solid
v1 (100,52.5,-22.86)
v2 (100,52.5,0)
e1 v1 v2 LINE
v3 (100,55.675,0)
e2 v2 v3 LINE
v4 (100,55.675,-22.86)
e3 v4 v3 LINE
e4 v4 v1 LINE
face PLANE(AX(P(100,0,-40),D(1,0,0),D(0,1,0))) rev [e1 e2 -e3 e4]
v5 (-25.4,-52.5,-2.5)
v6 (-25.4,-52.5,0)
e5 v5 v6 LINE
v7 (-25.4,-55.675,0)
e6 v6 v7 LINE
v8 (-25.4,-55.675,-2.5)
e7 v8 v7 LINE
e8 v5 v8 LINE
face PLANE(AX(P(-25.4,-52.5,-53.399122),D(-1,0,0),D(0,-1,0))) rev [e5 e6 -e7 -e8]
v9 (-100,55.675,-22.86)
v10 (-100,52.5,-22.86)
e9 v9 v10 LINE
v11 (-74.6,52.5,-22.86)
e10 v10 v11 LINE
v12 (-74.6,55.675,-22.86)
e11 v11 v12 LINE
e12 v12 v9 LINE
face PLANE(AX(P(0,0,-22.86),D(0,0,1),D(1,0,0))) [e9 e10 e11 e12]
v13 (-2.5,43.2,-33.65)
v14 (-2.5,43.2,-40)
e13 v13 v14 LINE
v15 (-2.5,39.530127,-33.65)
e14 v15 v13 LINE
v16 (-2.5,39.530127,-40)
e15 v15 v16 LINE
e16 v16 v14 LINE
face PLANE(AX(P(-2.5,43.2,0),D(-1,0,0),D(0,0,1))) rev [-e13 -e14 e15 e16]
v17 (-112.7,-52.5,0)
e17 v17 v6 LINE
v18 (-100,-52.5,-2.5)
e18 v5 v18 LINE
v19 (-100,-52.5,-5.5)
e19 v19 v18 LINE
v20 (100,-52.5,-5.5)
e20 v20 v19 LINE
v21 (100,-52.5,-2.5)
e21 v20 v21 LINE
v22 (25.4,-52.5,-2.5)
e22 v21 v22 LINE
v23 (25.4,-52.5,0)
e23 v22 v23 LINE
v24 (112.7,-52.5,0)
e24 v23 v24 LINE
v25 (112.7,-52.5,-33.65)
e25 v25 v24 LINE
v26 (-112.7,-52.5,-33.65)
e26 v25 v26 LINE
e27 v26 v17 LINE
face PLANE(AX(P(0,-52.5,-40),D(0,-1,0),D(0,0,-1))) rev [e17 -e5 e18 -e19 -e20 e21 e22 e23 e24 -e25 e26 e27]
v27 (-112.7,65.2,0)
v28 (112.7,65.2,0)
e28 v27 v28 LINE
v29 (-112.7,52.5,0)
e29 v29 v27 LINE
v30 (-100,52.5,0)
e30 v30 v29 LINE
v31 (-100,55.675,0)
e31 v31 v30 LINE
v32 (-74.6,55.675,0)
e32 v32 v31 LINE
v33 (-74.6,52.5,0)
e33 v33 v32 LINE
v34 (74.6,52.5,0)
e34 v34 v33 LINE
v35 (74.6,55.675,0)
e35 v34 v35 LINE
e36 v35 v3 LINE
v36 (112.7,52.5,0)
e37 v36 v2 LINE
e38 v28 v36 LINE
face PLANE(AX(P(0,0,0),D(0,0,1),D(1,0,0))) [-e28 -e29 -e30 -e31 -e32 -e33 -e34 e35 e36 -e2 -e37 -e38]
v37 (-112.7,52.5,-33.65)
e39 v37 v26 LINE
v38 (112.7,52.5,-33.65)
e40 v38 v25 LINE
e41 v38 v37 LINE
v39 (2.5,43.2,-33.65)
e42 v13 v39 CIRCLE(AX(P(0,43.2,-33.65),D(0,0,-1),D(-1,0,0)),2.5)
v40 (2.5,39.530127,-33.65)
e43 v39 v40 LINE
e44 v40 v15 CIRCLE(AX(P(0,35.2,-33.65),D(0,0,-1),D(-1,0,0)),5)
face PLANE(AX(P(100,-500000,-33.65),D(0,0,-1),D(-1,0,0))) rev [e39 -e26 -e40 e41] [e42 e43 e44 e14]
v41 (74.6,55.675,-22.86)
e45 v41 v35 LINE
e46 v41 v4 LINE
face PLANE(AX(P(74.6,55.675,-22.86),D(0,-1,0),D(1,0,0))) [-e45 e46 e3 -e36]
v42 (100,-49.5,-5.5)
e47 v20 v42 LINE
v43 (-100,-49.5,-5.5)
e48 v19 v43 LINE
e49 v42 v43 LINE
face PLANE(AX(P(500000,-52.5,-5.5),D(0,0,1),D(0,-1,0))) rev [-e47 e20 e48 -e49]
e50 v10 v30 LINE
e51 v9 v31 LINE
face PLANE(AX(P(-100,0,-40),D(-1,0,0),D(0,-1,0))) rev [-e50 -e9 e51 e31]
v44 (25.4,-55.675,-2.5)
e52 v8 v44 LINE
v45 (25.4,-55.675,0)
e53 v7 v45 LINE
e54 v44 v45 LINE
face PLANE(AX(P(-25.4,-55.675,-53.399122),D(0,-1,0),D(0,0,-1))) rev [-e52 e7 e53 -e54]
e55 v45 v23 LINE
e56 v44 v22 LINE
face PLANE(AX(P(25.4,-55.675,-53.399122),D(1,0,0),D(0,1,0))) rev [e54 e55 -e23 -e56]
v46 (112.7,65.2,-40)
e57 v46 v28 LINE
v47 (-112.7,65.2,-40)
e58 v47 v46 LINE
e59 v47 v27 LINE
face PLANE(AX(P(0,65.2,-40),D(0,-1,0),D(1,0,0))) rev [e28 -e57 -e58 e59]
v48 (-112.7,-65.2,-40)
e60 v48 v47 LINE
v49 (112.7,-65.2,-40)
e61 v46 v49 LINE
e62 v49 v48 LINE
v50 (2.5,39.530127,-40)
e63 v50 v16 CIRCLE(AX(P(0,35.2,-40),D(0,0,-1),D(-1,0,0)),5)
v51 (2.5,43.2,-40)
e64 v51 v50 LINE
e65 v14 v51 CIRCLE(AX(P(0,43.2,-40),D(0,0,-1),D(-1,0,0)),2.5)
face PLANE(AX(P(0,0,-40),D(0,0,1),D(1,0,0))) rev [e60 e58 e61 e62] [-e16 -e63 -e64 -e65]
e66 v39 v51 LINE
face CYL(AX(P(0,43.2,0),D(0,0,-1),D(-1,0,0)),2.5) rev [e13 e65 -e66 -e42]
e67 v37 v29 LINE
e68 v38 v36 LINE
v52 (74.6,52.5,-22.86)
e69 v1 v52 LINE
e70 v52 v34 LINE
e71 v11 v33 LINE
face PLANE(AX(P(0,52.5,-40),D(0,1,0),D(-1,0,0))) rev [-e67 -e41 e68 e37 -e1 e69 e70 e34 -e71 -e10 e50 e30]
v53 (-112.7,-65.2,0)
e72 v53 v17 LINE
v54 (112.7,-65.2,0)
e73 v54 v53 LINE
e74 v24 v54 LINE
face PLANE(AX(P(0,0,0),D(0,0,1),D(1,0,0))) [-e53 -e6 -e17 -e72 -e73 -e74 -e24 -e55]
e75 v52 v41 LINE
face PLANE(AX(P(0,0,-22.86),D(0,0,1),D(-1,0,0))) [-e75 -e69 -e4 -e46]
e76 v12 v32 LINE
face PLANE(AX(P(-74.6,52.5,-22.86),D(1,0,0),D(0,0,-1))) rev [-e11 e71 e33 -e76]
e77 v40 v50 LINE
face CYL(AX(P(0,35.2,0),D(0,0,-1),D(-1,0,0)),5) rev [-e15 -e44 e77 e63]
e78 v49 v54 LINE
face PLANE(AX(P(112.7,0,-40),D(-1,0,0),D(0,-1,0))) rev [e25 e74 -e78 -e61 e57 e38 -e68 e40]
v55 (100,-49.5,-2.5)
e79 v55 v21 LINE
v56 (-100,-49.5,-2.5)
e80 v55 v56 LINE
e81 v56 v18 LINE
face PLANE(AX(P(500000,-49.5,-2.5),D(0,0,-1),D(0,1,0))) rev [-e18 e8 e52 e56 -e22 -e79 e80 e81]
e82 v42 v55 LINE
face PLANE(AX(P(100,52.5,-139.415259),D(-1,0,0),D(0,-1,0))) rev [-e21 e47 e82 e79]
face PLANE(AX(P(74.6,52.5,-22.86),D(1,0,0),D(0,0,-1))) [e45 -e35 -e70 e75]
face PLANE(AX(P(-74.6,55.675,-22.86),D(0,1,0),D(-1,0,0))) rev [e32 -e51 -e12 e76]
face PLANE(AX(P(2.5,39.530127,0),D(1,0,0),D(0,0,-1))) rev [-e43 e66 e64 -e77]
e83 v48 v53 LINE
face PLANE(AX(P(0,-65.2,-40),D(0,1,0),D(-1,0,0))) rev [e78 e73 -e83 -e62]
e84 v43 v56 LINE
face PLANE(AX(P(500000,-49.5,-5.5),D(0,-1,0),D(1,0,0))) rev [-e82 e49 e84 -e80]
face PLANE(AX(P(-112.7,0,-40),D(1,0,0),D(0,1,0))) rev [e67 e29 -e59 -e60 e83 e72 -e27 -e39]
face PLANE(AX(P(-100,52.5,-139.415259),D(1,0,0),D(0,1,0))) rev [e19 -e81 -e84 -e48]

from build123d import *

# Parameters (mm, degrees)
SKETCH1_W            = 225.4
SKETCH1_H            = 130.4
SKETCH1_W_2          = 200
SKETCH1_H_2          = 105
EXTRUSION1_DEPTH     = 40
EXTRUSION2_REACH     = 169.793
SKETCH2_W            = 200
SKETCH2_H            = 6.35
EXTRUSION4_DEPTH     = 137.206938149
SKETCH4_W            = 7.5
SKETCH4_H            = 5
EXTRUSION5_DEPTH     = 227.036125431
EXTRUSION6_REACH     = 228.036
SKETCH5_W            = 3
SKETCH5_H            = 3
SKETCH6_W            = 50.8
SKETCH6_H            = 3.175
EXTRUSION7_DEPTH     = 2.5
SKETCH7_W            = 25.4
SKETCH7_H            = 3.175
EXTRUSION8_DEPTH     = 22.86
EXTRUSION9_DEPTH     = 168.793265657
SKETCH20_W           = 12.7
SKETCH20_H           = 105
CUT_EXTRUDE425_DEPTH = 33.65
BOSS_EXTRUDE4_REACH  = 141.323
SKETCH21_W           = 5.0038
SKETCH21_H           = 12.7


with BuildPart() as part:
    # Sketch1 → Extrusion1 (new body)
    with BuildSketch(Plane.XY):
        Rectangle(SKETCH1_W, SKETCH1_H)
        Rectangle(SKETCH1_W_2, SKETCH1_H_2, mode=Mode.SUBTRACT)
    extrude(amount=-EXTRUSION1_DEPTH)

    # Sketch2 → Extrusion2 (add, up to next)
    with BuildSketch(Plane.XZ.offset(-52.5), mode=Mode.PRIVATE) as extrusion2_sk1:
        with Locations((0, -36.825)):
            Rectangle(SKETCH2_W, SKETCH2_H)
    extrusion2_tool1 = extrude(extrusion2_sk1.sketch, amount=EXTRUSION2_REACH, mode=Mode.PRIVATE) - part.part
    add(extrusion2_tool1.solids().sort_by_distance((0, 52.5, -36.825))[0])

    # Sketch3 → Extrusion4 (cut, through all)
    with BuildSketch(Plane(origin=(0, 0, -40), x_dir=(-1, 0, 0), z_dir=(0, 0, -1))):
        with BuildLine():
            Line((2.5, 43.2), (2.5, 39.530127019))
            ThreePointArc((2.5, 39.530127019), (0, 30.2), (-2.5, 39.530127019))
            Line((-2.5, 39.530127019), (-2.5, 43.2))
            ThreePointArc((-2.5, 43.2), (0, 45.7), (2.5, 43.2))
        make_face()
    extrude(amount=-EXTRUSION4_DEPTH, mode=Mode.SUBTRACT)

    # Sketch4 → Extrusion5 (cut, through all)
    with BuildSketch(Plane.ZY.offset(-100)):
        with Locations((-29.9, -50)):
            Rectangle(SKETCH4_W, SKETCH4_H)
    extrude(amount=-EXTRUSION5_DEPTH, mode=Mode.SUBTRACT)

    # Sketch5 → Extrusion6 (add, up to next)
    with BuildSketch(Plane(origin=(-100, 0, 0), x_dir=(0, 0, -1), z_dir=(1, 0, 0)), mode=Mode.PRIVATE) as extrusion6_sk1:
        with Locations((4, -51)):
            Rectangle(SKETCH5_W, SKETCH5_H)
    extrusion6_tool1 = extrude(extrusion6_sk1.sketch, amount=EXTRUSION6_REACH, mode=Mode.PRIVATE) - part.part
    add(extrusion6_tool1.solids().sort_by_distance((-100, -51, -4))[0])

    # Sketch6 → Extrusion7 (cut)
    with BuildSketch(Plane.XY):
        with Locations((0, -54.0875)):
            Rectangle(SKETCH6_W, SKETCH6_H)
    extrude(amount=-EXTRUSION7_DEPTH, mode=Mode.SUBTRACT)

    # Sketch7 → Extrusion8 (cut)
    with BuildSketch(Plane.XY):
        with Locations((-87.3, 54.0875)):
            Rectangle(SKETCH7_W, SKETCH7_H)
    extrusion8 = extrude(amount=-EXTRUSION8_DEPTH, mode=Mode.SUBTRACT)

    # Mirror1: Extrusion8 across plane
    add(extrusion8.mirror(Plane(origin=(0, 0, 0), x_dir=(0, 0, 1), z_dir=(1, 0, 0))), mode=Mode.SUBTRACT)

    # Sketch8 → Extrusion9 (cut, through all)
    with BuildSketch(Plane(origin=(0, -52.5, 0), x_dir=(-1, 0, 0), z_dir=(0, 1, 0))):
        Polygon((0, -33.65), (3.7465, -33.65), (3.7465, -28.6462), (-3.7465, -28.6462), (-3.7465, -33.65), align=None)
    extrude(amount=-EXTRUSION9_DEPTH, mode=Mode.SUBTRACT)

    # Sketch20 → Cut-Extrude425 (cut)
    with BuildSketch(Plane.XY):
        with Locations((-106.35, 0)):
            Rectangle(SKETCH20_W, SKETCH20_H)
        with Locations((106.35, 0)):
            Rectangle(SKETCH20_W, SKETCH20_H)
    extrude(amount=-CUT_EXTRUDE425_DEPTH, mode=Mode.SUBTRACT)

    # Sketch21 → Boss-Extrude4 (add, up to next)
    with BuildSketch(Plane(origin=(-3.7465, 0, 0), x_dir=(0, 0, -1), z_dir=(1, 0, 0)), mode=Mode.PRIVATE) as boss_extrude4_sk1:
        with Locations((31.1481, -58.85)):
            Rectangle(SKETCH21_W, SKETCH21_H)
    boss_extrude4_tool1 = extrude(boss_extrude4_sk1.sketch, amount=BOSS_EXTRUDE4_REACH, mode=Mode.PRIVATE) - part.part
    add(boss_extrude4_tool1.solids().sort_by_distance((-3.7465, -58.85, -31.1481))[0])


solid = part.part
